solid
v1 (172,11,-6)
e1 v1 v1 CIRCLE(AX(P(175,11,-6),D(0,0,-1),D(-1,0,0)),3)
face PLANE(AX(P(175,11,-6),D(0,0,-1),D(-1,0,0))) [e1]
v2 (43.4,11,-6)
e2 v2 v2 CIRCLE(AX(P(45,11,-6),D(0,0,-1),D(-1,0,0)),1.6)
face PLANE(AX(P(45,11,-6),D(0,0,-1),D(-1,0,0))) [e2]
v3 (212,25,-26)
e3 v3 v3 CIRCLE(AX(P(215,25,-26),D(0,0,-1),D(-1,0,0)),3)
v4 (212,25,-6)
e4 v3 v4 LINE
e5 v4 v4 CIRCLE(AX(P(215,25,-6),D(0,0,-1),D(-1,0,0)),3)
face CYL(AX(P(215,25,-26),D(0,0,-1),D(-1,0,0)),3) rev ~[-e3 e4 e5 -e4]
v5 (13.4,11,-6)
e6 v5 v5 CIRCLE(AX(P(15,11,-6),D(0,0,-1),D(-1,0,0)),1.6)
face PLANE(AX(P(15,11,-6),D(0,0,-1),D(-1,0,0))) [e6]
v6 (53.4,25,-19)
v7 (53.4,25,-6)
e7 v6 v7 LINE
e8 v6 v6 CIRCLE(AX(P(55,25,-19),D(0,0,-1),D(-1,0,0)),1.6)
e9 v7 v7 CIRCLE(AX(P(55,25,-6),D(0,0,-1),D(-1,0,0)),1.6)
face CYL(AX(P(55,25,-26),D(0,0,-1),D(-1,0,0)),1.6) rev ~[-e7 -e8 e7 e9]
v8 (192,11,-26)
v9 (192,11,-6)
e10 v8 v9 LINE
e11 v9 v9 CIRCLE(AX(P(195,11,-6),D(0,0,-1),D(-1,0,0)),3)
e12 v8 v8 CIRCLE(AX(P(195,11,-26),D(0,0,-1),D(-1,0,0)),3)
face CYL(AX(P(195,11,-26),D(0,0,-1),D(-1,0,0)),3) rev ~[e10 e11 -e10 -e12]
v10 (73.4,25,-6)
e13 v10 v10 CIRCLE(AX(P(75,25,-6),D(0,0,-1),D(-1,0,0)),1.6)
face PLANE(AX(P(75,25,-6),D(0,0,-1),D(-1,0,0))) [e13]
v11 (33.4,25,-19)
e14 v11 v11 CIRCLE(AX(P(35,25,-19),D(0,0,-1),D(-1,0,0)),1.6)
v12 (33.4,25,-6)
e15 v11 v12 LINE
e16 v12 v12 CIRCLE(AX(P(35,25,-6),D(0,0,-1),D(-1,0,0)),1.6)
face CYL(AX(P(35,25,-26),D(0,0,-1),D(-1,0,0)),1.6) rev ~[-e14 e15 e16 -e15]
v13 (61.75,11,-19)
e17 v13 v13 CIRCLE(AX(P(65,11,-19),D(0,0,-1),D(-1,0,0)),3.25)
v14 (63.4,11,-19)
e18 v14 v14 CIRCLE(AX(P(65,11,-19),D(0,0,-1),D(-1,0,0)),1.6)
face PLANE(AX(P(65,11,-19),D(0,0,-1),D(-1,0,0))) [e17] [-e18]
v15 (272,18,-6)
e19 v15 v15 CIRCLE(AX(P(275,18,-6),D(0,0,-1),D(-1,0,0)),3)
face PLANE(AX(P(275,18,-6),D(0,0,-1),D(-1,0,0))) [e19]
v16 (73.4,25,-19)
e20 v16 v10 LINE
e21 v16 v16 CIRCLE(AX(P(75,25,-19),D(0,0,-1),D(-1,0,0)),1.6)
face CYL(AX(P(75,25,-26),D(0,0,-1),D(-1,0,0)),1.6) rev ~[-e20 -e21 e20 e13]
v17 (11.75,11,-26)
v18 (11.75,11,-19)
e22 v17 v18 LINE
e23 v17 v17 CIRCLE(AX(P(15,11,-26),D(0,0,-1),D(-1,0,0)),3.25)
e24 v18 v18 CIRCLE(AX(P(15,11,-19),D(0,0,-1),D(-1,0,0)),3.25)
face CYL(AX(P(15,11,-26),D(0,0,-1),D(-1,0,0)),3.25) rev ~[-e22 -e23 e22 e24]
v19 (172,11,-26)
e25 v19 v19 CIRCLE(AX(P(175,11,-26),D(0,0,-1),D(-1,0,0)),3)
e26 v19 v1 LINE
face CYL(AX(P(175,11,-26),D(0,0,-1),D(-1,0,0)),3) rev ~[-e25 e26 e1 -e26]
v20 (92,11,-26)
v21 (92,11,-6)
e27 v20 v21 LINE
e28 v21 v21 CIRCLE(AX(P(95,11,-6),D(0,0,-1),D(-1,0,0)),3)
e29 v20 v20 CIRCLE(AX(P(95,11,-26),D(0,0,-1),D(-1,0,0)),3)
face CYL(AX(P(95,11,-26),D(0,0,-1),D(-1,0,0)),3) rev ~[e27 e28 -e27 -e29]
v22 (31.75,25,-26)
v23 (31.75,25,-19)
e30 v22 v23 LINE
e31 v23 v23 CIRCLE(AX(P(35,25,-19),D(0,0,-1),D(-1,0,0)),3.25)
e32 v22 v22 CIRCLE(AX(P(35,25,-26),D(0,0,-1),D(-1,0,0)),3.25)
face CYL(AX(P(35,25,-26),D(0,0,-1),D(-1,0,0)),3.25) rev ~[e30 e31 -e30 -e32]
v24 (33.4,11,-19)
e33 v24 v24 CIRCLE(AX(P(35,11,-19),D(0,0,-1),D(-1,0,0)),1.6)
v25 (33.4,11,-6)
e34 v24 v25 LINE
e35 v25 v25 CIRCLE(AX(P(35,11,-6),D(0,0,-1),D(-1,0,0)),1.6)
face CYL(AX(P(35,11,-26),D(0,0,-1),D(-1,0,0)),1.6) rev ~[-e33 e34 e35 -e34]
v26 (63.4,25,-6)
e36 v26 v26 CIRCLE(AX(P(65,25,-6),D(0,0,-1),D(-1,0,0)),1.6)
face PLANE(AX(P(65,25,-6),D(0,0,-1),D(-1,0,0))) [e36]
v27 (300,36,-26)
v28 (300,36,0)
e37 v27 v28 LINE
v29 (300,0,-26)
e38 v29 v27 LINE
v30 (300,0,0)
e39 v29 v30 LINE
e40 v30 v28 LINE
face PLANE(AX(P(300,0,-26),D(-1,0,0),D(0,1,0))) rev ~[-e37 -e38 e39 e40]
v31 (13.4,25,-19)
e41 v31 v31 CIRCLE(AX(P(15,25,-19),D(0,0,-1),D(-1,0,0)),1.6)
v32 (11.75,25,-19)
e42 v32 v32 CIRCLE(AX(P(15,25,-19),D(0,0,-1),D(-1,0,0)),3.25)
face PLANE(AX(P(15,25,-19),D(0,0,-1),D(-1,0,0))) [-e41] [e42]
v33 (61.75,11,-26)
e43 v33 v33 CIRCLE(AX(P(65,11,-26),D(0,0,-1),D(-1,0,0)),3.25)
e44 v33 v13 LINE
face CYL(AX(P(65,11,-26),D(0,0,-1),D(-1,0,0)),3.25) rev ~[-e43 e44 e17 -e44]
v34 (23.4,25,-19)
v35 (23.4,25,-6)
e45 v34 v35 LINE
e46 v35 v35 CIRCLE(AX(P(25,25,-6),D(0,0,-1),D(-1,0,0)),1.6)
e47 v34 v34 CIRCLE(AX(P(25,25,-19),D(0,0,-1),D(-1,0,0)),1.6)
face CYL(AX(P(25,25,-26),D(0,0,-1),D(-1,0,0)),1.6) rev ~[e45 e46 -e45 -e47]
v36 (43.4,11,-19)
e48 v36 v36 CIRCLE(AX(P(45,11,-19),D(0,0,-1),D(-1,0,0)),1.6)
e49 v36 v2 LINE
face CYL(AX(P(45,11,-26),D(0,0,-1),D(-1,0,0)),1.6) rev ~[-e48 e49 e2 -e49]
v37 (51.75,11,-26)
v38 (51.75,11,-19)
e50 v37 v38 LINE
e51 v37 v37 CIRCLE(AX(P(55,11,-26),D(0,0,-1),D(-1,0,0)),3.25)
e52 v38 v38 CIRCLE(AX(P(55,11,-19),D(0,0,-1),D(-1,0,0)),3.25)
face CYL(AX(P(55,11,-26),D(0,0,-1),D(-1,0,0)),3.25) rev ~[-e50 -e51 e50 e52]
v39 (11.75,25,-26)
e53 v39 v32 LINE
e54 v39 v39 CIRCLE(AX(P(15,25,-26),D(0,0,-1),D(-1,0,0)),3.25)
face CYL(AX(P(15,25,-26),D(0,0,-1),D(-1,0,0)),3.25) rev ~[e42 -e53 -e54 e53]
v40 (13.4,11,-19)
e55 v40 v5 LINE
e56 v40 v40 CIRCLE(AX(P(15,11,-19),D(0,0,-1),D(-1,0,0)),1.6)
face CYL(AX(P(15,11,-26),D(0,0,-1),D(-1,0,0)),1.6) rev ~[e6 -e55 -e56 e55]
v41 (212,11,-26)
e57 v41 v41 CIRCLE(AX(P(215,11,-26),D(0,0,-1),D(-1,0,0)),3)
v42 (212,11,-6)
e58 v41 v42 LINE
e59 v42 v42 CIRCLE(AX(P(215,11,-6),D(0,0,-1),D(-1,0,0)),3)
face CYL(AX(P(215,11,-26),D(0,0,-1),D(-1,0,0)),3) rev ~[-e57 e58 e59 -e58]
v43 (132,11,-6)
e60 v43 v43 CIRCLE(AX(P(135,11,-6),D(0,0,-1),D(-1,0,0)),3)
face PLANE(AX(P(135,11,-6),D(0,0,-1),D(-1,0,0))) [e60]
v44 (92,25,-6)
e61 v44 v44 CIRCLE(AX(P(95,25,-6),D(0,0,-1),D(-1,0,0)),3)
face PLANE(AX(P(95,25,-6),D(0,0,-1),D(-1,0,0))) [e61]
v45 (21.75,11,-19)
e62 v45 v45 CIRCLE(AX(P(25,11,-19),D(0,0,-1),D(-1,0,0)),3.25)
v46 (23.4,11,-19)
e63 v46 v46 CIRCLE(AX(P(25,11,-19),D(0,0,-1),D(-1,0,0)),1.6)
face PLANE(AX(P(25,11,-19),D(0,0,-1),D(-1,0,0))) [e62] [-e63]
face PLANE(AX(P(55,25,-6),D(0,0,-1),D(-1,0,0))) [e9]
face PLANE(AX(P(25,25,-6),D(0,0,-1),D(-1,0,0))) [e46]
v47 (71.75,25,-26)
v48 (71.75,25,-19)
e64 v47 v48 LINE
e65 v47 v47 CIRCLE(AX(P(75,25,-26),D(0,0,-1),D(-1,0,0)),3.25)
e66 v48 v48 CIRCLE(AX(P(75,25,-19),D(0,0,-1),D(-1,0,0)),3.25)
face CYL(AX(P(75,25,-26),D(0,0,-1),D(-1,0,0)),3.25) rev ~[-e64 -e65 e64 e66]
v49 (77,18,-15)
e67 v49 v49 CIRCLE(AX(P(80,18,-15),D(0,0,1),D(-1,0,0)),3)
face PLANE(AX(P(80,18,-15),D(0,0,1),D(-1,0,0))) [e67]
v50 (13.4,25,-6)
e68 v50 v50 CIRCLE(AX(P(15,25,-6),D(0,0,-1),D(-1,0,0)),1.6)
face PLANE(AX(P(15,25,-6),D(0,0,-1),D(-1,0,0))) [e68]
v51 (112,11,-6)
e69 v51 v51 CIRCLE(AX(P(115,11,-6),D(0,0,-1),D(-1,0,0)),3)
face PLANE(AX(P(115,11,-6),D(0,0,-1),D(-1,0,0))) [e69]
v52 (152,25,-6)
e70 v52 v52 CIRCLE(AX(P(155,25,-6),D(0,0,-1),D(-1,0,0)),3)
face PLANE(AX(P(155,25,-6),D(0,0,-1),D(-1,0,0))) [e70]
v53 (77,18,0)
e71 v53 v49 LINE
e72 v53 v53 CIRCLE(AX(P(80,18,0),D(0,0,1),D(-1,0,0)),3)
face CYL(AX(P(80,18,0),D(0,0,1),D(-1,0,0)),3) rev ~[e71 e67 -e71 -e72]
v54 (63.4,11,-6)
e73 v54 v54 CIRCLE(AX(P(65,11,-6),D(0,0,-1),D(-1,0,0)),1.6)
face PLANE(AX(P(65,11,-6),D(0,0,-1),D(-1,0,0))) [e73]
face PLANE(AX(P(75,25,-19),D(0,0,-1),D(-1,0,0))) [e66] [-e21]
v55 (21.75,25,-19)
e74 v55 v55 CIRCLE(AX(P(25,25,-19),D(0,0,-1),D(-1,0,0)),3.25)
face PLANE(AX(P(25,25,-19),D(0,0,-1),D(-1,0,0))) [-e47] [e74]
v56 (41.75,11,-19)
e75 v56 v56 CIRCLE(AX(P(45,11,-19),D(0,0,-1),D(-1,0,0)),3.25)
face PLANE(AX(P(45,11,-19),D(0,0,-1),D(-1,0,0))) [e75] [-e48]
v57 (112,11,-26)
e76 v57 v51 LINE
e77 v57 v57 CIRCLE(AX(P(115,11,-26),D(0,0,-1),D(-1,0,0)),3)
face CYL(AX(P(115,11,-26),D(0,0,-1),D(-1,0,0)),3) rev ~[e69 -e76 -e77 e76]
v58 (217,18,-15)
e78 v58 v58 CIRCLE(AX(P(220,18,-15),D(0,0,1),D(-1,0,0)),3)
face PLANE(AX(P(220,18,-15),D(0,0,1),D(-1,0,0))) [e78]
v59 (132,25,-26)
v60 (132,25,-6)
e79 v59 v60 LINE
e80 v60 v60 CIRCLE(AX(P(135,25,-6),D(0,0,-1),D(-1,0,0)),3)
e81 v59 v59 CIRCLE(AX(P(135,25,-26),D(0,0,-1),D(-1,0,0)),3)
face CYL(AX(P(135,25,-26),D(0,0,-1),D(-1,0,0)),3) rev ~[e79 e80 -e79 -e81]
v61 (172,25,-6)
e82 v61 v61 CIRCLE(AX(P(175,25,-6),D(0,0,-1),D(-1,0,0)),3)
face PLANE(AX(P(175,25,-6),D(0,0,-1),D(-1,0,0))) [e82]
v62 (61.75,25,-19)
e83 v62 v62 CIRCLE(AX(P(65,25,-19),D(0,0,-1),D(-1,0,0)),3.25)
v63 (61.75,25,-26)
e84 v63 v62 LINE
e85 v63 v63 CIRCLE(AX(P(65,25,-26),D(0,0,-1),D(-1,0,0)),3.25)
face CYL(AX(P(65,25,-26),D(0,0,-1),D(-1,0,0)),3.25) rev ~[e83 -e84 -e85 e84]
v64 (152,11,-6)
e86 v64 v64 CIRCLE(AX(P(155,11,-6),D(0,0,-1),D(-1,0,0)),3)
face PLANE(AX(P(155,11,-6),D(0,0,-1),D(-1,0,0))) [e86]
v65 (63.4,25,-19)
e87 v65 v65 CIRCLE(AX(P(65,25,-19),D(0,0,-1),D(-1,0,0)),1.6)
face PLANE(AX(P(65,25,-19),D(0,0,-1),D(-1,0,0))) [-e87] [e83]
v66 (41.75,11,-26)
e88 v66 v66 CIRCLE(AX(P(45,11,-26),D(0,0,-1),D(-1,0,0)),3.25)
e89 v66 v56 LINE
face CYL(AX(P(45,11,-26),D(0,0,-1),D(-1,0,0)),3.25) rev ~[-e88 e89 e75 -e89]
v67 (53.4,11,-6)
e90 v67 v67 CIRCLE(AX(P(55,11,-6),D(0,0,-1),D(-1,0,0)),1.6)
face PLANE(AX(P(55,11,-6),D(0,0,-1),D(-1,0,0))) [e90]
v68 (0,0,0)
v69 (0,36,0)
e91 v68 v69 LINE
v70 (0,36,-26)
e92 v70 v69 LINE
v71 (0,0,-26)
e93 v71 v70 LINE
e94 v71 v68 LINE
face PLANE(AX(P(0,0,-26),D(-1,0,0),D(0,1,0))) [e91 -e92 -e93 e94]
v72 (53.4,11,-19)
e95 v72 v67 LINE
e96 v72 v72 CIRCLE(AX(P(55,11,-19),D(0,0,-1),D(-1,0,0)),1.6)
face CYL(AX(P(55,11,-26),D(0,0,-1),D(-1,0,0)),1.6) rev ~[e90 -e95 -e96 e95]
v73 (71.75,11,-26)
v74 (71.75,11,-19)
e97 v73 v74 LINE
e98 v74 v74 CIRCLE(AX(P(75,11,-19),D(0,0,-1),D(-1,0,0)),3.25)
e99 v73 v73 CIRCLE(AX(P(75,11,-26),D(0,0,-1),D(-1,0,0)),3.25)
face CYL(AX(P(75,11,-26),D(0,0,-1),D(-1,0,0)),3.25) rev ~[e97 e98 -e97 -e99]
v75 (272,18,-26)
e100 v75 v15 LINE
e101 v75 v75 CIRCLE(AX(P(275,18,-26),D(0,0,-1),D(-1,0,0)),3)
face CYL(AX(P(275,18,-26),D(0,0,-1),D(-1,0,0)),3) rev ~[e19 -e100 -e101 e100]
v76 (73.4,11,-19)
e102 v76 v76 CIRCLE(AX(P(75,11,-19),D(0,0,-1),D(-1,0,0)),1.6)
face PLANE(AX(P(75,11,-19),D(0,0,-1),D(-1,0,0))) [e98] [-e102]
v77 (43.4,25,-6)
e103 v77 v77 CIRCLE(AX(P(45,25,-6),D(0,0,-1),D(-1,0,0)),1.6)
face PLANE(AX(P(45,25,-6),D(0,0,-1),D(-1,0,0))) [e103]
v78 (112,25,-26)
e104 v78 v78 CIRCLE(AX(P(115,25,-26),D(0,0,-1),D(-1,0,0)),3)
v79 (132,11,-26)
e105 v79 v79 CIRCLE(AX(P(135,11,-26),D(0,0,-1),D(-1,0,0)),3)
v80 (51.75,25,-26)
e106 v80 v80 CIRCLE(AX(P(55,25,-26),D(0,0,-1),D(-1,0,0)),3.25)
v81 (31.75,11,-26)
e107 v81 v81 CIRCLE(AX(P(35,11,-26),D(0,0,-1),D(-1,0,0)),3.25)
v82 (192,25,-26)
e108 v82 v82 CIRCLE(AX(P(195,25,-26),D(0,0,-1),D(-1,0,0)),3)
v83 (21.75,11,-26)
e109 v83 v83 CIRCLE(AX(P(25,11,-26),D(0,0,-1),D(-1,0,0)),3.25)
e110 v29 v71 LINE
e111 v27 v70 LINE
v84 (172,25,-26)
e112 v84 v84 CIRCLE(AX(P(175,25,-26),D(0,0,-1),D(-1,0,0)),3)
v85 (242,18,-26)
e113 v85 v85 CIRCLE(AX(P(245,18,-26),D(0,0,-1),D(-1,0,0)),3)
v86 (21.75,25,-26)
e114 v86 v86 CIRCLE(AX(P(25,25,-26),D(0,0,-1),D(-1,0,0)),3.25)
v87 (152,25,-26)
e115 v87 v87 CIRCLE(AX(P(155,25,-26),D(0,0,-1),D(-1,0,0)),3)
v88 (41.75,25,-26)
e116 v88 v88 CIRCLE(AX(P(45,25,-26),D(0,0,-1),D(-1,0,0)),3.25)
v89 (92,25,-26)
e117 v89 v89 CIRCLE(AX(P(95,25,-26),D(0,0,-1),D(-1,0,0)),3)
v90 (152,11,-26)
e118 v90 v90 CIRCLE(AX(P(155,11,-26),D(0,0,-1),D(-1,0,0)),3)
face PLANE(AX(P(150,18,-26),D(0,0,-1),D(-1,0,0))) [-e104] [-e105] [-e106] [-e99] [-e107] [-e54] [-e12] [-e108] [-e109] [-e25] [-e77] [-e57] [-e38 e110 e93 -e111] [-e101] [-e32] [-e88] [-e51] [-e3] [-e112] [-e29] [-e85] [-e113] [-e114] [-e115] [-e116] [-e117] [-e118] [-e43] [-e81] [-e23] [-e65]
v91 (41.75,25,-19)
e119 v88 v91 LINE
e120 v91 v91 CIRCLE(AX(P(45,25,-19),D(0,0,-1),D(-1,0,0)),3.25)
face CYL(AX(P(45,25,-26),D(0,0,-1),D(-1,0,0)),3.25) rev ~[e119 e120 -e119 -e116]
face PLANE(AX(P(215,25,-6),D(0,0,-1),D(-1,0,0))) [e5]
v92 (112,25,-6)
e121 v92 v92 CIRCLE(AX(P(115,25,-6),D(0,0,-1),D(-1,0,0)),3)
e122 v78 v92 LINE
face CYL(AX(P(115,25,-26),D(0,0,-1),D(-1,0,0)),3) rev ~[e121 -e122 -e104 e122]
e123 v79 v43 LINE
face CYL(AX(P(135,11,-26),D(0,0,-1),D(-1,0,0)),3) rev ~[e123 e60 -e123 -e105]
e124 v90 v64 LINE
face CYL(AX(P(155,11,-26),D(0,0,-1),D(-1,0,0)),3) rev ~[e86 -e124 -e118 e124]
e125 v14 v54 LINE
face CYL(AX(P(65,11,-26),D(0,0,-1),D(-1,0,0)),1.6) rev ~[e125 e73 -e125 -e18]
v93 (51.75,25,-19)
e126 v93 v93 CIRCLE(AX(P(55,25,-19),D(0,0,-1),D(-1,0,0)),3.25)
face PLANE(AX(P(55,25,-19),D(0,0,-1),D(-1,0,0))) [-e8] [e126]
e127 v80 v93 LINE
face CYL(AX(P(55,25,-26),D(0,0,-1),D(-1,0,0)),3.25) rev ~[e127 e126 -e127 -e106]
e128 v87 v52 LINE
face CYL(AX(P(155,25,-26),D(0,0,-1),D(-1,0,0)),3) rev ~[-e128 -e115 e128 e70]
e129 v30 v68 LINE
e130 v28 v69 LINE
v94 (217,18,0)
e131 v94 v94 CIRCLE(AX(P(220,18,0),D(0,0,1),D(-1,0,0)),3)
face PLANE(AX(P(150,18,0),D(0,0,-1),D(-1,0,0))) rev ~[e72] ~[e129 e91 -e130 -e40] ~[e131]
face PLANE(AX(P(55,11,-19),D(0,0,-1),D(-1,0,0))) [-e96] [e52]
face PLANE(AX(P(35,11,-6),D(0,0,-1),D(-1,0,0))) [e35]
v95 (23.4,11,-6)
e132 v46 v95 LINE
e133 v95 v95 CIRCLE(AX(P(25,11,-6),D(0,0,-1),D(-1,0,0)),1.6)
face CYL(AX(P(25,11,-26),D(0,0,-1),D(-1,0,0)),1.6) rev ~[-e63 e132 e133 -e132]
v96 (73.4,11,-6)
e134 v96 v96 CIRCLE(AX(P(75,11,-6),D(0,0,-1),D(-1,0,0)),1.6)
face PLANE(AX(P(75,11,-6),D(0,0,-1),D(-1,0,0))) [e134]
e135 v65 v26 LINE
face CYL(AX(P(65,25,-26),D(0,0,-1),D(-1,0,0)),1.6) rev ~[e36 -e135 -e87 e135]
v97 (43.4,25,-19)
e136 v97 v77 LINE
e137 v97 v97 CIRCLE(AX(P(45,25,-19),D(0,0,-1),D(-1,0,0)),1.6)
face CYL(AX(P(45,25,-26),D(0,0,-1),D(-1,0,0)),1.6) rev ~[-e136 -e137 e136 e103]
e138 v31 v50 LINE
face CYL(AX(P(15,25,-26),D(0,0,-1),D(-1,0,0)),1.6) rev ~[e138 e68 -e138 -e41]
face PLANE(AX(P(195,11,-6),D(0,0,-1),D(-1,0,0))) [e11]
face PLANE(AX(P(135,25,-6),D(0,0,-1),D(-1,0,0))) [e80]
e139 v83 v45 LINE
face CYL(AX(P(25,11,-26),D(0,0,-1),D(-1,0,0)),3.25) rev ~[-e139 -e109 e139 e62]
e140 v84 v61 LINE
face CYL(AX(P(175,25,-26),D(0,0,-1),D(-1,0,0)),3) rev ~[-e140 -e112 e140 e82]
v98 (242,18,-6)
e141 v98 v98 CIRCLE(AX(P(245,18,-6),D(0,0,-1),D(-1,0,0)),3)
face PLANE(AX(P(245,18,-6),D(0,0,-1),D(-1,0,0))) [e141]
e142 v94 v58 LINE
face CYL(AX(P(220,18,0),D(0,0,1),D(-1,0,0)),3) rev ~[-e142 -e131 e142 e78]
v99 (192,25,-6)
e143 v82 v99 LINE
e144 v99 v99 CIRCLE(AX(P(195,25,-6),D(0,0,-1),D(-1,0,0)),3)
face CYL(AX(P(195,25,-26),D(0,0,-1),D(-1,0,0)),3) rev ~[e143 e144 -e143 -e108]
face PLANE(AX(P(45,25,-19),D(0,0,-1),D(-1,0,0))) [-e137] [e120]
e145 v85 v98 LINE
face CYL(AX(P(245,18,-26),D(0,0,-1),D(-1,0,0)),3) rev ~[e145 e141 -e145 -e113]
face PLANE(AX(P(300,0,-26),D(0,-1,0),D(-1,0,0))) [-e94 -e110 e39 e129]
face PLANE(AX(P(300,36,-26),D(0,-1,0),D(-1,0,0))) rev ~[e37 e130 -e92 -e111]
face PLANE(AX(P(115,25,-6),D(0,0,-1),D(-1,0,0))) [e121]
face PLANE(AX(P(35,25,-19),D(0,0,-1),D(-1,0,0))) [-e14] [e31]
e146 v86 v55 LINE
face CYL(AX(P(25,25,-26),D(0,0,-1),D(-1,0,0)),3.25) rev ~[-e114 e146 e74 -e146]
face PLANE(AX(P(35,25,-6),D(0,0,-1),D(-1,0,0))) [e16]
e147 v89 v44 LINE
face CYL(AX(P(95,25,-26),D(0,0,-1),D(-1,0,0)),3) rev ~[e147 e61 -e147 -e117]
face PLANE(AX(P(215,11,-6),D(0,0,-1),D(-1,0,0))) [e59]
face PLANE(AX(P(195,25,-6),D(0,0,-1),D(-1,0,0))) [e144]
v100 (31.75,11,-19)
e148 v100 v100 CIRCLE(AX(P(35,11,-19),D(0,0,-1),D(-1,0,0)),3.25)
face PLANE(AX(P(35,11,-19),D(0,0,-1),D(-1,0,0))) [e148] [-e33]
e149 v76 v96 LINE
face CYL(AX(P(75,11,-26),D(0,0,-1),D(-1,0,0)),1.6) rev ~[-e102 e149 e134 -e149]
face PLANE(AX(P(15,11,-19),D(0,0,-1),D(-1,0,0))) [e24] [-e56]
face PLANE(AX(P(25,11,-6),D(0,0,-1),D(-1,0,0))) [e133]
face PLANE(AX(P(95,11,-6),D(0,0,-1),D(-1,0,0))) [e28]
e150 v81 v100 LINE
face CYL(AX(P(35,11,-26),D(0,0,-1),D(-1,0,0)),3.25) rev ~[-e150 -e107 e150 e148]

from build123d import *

# Parameters (mm, degrees)
SKETCH_W                 = 300
SKETCH_H                 = 36
PAD_DEPTH                = 26
SKETCH001_R              = 3
SKETCH001_R_2            = 1.6
POCKET_DEPTH             = 20
SKETCH002_R              = 3
POCKET001_DEPTH          = 15
SKETCH003_R              = 3.25
POCKET002_DEPTH          = 7
CLONE002_PLACEMENT_ANGLE = 180


with BuildPart() as part:
    # Sketch → Pad (new body)
    with BuildSketch(Plane.XY):
        with Locations((150, 18)):
            Rectangle(SKETCH_W, SKETCH_H)
    extrude(amount=-PAD_DEPTH)

    # Sketch001 (on Face5 of Pad) → Pocket (cut)
    with BuildSketch(Plane.XY):
        with Locations((25, 18)):
            Circle(SKETCH001_R)
        with Locations((55, 18)):
            Circle(SKETCH001_R)
        with Locations((85, 25)):
            Circle(SKETCH001_R)
        with Locations((105, 25)):
            Circle(SKETCH001_R)
        with Locations((125, 25)):
            Circle(SKETCH001_R)
        with Locations((145, 25)):
            Circle(SKETCH001_R)
        with Locations((165, 25)):
            Circle(SKETCH001_R)
        with Locations((185, 25)):
            Circle(SKETCH001_R)
        with Locations((205, 25)):
            Circle(SKETCH001_R)
        with Locations((225, 25)):
            Circle(SKETCH001_R_2)
        with Locations((235, 25)):
            Circle(SKETCH001_R_2)
        with Locations((245, 25)):
            Circle(SKETCH001_R_2)
        with Locations((255, 25)):
            Circle(SKETCH001_R_2)
        with Locations((265, 25)):
            Circle(SKETCH001_R_2)
        with Locations((275, 25)):
            Circle(SKETCH001_R_2)
        with Locations((285, 25)):
            Circle(SKETCH001_R_2)
        with Locations((85, 11)):
            Circle(SKETCH001_R)
        with Locations((105, 11)):
            Circle(SKETCH001_R)
        with Locations((125, 11)):
            Circle(SKETCH001_R)
        with Locations((145, 11)):
            Circle(SKETCH001_R)
        with Locations((165, 11)):
            Circle(SKETCH001_R)
        with Locations((185, 11)):
            Circle(SKETCH001_R)
        with Locations((205, 11)):
            Circle(SKETCH001_R)
        with Locations((235, 11)):
            Circle(SKETCH001_R_2)
        with Locations((245, 11)):
            Circle(SKETCH001_R_2)
        with Locations((255, 11)):
            Circle(SKETCH001_R_2)
        with Locations((265, 11)):
            Circle(SKETCH001_R_2)
        with Locations((275, 11)):
            Circle(SKETCH001_R_2)
        with Locations((285, 11)):
            Circle(SKETCH001_R_2)
        with Locations((225, 11)):
            Circle(SKETCH001_R_2)
    extrude(amount=-POCKET_DEPTH, mode=Mode.SUBTRACT)

    # Sketch002 (on Face5 of Pocket) → Pocket001 (cut)
    with BuildSketch(Plane(origin=(0, 0, -26), x_dir=(1, 0, 0), z_dir=(0, 0, -1))):
        with Locations((80, -18)):
            Circle(SKETCH002_R)
        with Locations((220, -18)):
            Circle(SKETCH002_R)
    extrude(amount=-POCKET001_DEPTH, mode=Mode.SUBTRACT)

    # Sketch003 (on Face4 of Pocket) → Pocket002 (cut)
    with BuildSketch(Plane.XY):
        with Locations((225, 11)):
            Circle(SKETCH003_R)
        with Locations((235, 11)):
            Circle(SKETCH003_R)
        with Locations((245, 11)):
            Circle(SKETCH003_R)
        with Locations((255, 11)):
            Circle(SKETCH003_R)
        with Locations((265, 11)):
            Circle(SKETCH003_R)
        with Locations((275, 11)):
            Circle(SKETCH003_R)
        with Locations((285, 11)):
            Circle(SKETCH003_R)
        with Locations((225, 25)):
            Circle(SKETCH003_R)
        with Locations((235, 25)):
            Circle(SKETCH003_R)
        with Locations((245, 25)):
            Circle(SKETCH003_R)
        with Locations((255, 25)):
            Circle(SKETCH003_R)
        with Locations((265, 25)):
            Circle(SKETCH003_R)
        with Locations((275, 25)):
            Circle(SKETCH003_R)
        with Locations((285, 25)):
            Circle(SKETCH003_R)
    extrude(amount=-POCKET002_DEPTH, mode=Mode.SUBTRACT)


with BuildPart() as part_1:
    # Clone002 placement: moved
    add(part.part.moved(Location((300, 0, -26))).rotate(Axis((300, 0, -26), (0, 1, 0)), CLONE002_PLACEMENT_ANGLE))


solid = part_1.part
